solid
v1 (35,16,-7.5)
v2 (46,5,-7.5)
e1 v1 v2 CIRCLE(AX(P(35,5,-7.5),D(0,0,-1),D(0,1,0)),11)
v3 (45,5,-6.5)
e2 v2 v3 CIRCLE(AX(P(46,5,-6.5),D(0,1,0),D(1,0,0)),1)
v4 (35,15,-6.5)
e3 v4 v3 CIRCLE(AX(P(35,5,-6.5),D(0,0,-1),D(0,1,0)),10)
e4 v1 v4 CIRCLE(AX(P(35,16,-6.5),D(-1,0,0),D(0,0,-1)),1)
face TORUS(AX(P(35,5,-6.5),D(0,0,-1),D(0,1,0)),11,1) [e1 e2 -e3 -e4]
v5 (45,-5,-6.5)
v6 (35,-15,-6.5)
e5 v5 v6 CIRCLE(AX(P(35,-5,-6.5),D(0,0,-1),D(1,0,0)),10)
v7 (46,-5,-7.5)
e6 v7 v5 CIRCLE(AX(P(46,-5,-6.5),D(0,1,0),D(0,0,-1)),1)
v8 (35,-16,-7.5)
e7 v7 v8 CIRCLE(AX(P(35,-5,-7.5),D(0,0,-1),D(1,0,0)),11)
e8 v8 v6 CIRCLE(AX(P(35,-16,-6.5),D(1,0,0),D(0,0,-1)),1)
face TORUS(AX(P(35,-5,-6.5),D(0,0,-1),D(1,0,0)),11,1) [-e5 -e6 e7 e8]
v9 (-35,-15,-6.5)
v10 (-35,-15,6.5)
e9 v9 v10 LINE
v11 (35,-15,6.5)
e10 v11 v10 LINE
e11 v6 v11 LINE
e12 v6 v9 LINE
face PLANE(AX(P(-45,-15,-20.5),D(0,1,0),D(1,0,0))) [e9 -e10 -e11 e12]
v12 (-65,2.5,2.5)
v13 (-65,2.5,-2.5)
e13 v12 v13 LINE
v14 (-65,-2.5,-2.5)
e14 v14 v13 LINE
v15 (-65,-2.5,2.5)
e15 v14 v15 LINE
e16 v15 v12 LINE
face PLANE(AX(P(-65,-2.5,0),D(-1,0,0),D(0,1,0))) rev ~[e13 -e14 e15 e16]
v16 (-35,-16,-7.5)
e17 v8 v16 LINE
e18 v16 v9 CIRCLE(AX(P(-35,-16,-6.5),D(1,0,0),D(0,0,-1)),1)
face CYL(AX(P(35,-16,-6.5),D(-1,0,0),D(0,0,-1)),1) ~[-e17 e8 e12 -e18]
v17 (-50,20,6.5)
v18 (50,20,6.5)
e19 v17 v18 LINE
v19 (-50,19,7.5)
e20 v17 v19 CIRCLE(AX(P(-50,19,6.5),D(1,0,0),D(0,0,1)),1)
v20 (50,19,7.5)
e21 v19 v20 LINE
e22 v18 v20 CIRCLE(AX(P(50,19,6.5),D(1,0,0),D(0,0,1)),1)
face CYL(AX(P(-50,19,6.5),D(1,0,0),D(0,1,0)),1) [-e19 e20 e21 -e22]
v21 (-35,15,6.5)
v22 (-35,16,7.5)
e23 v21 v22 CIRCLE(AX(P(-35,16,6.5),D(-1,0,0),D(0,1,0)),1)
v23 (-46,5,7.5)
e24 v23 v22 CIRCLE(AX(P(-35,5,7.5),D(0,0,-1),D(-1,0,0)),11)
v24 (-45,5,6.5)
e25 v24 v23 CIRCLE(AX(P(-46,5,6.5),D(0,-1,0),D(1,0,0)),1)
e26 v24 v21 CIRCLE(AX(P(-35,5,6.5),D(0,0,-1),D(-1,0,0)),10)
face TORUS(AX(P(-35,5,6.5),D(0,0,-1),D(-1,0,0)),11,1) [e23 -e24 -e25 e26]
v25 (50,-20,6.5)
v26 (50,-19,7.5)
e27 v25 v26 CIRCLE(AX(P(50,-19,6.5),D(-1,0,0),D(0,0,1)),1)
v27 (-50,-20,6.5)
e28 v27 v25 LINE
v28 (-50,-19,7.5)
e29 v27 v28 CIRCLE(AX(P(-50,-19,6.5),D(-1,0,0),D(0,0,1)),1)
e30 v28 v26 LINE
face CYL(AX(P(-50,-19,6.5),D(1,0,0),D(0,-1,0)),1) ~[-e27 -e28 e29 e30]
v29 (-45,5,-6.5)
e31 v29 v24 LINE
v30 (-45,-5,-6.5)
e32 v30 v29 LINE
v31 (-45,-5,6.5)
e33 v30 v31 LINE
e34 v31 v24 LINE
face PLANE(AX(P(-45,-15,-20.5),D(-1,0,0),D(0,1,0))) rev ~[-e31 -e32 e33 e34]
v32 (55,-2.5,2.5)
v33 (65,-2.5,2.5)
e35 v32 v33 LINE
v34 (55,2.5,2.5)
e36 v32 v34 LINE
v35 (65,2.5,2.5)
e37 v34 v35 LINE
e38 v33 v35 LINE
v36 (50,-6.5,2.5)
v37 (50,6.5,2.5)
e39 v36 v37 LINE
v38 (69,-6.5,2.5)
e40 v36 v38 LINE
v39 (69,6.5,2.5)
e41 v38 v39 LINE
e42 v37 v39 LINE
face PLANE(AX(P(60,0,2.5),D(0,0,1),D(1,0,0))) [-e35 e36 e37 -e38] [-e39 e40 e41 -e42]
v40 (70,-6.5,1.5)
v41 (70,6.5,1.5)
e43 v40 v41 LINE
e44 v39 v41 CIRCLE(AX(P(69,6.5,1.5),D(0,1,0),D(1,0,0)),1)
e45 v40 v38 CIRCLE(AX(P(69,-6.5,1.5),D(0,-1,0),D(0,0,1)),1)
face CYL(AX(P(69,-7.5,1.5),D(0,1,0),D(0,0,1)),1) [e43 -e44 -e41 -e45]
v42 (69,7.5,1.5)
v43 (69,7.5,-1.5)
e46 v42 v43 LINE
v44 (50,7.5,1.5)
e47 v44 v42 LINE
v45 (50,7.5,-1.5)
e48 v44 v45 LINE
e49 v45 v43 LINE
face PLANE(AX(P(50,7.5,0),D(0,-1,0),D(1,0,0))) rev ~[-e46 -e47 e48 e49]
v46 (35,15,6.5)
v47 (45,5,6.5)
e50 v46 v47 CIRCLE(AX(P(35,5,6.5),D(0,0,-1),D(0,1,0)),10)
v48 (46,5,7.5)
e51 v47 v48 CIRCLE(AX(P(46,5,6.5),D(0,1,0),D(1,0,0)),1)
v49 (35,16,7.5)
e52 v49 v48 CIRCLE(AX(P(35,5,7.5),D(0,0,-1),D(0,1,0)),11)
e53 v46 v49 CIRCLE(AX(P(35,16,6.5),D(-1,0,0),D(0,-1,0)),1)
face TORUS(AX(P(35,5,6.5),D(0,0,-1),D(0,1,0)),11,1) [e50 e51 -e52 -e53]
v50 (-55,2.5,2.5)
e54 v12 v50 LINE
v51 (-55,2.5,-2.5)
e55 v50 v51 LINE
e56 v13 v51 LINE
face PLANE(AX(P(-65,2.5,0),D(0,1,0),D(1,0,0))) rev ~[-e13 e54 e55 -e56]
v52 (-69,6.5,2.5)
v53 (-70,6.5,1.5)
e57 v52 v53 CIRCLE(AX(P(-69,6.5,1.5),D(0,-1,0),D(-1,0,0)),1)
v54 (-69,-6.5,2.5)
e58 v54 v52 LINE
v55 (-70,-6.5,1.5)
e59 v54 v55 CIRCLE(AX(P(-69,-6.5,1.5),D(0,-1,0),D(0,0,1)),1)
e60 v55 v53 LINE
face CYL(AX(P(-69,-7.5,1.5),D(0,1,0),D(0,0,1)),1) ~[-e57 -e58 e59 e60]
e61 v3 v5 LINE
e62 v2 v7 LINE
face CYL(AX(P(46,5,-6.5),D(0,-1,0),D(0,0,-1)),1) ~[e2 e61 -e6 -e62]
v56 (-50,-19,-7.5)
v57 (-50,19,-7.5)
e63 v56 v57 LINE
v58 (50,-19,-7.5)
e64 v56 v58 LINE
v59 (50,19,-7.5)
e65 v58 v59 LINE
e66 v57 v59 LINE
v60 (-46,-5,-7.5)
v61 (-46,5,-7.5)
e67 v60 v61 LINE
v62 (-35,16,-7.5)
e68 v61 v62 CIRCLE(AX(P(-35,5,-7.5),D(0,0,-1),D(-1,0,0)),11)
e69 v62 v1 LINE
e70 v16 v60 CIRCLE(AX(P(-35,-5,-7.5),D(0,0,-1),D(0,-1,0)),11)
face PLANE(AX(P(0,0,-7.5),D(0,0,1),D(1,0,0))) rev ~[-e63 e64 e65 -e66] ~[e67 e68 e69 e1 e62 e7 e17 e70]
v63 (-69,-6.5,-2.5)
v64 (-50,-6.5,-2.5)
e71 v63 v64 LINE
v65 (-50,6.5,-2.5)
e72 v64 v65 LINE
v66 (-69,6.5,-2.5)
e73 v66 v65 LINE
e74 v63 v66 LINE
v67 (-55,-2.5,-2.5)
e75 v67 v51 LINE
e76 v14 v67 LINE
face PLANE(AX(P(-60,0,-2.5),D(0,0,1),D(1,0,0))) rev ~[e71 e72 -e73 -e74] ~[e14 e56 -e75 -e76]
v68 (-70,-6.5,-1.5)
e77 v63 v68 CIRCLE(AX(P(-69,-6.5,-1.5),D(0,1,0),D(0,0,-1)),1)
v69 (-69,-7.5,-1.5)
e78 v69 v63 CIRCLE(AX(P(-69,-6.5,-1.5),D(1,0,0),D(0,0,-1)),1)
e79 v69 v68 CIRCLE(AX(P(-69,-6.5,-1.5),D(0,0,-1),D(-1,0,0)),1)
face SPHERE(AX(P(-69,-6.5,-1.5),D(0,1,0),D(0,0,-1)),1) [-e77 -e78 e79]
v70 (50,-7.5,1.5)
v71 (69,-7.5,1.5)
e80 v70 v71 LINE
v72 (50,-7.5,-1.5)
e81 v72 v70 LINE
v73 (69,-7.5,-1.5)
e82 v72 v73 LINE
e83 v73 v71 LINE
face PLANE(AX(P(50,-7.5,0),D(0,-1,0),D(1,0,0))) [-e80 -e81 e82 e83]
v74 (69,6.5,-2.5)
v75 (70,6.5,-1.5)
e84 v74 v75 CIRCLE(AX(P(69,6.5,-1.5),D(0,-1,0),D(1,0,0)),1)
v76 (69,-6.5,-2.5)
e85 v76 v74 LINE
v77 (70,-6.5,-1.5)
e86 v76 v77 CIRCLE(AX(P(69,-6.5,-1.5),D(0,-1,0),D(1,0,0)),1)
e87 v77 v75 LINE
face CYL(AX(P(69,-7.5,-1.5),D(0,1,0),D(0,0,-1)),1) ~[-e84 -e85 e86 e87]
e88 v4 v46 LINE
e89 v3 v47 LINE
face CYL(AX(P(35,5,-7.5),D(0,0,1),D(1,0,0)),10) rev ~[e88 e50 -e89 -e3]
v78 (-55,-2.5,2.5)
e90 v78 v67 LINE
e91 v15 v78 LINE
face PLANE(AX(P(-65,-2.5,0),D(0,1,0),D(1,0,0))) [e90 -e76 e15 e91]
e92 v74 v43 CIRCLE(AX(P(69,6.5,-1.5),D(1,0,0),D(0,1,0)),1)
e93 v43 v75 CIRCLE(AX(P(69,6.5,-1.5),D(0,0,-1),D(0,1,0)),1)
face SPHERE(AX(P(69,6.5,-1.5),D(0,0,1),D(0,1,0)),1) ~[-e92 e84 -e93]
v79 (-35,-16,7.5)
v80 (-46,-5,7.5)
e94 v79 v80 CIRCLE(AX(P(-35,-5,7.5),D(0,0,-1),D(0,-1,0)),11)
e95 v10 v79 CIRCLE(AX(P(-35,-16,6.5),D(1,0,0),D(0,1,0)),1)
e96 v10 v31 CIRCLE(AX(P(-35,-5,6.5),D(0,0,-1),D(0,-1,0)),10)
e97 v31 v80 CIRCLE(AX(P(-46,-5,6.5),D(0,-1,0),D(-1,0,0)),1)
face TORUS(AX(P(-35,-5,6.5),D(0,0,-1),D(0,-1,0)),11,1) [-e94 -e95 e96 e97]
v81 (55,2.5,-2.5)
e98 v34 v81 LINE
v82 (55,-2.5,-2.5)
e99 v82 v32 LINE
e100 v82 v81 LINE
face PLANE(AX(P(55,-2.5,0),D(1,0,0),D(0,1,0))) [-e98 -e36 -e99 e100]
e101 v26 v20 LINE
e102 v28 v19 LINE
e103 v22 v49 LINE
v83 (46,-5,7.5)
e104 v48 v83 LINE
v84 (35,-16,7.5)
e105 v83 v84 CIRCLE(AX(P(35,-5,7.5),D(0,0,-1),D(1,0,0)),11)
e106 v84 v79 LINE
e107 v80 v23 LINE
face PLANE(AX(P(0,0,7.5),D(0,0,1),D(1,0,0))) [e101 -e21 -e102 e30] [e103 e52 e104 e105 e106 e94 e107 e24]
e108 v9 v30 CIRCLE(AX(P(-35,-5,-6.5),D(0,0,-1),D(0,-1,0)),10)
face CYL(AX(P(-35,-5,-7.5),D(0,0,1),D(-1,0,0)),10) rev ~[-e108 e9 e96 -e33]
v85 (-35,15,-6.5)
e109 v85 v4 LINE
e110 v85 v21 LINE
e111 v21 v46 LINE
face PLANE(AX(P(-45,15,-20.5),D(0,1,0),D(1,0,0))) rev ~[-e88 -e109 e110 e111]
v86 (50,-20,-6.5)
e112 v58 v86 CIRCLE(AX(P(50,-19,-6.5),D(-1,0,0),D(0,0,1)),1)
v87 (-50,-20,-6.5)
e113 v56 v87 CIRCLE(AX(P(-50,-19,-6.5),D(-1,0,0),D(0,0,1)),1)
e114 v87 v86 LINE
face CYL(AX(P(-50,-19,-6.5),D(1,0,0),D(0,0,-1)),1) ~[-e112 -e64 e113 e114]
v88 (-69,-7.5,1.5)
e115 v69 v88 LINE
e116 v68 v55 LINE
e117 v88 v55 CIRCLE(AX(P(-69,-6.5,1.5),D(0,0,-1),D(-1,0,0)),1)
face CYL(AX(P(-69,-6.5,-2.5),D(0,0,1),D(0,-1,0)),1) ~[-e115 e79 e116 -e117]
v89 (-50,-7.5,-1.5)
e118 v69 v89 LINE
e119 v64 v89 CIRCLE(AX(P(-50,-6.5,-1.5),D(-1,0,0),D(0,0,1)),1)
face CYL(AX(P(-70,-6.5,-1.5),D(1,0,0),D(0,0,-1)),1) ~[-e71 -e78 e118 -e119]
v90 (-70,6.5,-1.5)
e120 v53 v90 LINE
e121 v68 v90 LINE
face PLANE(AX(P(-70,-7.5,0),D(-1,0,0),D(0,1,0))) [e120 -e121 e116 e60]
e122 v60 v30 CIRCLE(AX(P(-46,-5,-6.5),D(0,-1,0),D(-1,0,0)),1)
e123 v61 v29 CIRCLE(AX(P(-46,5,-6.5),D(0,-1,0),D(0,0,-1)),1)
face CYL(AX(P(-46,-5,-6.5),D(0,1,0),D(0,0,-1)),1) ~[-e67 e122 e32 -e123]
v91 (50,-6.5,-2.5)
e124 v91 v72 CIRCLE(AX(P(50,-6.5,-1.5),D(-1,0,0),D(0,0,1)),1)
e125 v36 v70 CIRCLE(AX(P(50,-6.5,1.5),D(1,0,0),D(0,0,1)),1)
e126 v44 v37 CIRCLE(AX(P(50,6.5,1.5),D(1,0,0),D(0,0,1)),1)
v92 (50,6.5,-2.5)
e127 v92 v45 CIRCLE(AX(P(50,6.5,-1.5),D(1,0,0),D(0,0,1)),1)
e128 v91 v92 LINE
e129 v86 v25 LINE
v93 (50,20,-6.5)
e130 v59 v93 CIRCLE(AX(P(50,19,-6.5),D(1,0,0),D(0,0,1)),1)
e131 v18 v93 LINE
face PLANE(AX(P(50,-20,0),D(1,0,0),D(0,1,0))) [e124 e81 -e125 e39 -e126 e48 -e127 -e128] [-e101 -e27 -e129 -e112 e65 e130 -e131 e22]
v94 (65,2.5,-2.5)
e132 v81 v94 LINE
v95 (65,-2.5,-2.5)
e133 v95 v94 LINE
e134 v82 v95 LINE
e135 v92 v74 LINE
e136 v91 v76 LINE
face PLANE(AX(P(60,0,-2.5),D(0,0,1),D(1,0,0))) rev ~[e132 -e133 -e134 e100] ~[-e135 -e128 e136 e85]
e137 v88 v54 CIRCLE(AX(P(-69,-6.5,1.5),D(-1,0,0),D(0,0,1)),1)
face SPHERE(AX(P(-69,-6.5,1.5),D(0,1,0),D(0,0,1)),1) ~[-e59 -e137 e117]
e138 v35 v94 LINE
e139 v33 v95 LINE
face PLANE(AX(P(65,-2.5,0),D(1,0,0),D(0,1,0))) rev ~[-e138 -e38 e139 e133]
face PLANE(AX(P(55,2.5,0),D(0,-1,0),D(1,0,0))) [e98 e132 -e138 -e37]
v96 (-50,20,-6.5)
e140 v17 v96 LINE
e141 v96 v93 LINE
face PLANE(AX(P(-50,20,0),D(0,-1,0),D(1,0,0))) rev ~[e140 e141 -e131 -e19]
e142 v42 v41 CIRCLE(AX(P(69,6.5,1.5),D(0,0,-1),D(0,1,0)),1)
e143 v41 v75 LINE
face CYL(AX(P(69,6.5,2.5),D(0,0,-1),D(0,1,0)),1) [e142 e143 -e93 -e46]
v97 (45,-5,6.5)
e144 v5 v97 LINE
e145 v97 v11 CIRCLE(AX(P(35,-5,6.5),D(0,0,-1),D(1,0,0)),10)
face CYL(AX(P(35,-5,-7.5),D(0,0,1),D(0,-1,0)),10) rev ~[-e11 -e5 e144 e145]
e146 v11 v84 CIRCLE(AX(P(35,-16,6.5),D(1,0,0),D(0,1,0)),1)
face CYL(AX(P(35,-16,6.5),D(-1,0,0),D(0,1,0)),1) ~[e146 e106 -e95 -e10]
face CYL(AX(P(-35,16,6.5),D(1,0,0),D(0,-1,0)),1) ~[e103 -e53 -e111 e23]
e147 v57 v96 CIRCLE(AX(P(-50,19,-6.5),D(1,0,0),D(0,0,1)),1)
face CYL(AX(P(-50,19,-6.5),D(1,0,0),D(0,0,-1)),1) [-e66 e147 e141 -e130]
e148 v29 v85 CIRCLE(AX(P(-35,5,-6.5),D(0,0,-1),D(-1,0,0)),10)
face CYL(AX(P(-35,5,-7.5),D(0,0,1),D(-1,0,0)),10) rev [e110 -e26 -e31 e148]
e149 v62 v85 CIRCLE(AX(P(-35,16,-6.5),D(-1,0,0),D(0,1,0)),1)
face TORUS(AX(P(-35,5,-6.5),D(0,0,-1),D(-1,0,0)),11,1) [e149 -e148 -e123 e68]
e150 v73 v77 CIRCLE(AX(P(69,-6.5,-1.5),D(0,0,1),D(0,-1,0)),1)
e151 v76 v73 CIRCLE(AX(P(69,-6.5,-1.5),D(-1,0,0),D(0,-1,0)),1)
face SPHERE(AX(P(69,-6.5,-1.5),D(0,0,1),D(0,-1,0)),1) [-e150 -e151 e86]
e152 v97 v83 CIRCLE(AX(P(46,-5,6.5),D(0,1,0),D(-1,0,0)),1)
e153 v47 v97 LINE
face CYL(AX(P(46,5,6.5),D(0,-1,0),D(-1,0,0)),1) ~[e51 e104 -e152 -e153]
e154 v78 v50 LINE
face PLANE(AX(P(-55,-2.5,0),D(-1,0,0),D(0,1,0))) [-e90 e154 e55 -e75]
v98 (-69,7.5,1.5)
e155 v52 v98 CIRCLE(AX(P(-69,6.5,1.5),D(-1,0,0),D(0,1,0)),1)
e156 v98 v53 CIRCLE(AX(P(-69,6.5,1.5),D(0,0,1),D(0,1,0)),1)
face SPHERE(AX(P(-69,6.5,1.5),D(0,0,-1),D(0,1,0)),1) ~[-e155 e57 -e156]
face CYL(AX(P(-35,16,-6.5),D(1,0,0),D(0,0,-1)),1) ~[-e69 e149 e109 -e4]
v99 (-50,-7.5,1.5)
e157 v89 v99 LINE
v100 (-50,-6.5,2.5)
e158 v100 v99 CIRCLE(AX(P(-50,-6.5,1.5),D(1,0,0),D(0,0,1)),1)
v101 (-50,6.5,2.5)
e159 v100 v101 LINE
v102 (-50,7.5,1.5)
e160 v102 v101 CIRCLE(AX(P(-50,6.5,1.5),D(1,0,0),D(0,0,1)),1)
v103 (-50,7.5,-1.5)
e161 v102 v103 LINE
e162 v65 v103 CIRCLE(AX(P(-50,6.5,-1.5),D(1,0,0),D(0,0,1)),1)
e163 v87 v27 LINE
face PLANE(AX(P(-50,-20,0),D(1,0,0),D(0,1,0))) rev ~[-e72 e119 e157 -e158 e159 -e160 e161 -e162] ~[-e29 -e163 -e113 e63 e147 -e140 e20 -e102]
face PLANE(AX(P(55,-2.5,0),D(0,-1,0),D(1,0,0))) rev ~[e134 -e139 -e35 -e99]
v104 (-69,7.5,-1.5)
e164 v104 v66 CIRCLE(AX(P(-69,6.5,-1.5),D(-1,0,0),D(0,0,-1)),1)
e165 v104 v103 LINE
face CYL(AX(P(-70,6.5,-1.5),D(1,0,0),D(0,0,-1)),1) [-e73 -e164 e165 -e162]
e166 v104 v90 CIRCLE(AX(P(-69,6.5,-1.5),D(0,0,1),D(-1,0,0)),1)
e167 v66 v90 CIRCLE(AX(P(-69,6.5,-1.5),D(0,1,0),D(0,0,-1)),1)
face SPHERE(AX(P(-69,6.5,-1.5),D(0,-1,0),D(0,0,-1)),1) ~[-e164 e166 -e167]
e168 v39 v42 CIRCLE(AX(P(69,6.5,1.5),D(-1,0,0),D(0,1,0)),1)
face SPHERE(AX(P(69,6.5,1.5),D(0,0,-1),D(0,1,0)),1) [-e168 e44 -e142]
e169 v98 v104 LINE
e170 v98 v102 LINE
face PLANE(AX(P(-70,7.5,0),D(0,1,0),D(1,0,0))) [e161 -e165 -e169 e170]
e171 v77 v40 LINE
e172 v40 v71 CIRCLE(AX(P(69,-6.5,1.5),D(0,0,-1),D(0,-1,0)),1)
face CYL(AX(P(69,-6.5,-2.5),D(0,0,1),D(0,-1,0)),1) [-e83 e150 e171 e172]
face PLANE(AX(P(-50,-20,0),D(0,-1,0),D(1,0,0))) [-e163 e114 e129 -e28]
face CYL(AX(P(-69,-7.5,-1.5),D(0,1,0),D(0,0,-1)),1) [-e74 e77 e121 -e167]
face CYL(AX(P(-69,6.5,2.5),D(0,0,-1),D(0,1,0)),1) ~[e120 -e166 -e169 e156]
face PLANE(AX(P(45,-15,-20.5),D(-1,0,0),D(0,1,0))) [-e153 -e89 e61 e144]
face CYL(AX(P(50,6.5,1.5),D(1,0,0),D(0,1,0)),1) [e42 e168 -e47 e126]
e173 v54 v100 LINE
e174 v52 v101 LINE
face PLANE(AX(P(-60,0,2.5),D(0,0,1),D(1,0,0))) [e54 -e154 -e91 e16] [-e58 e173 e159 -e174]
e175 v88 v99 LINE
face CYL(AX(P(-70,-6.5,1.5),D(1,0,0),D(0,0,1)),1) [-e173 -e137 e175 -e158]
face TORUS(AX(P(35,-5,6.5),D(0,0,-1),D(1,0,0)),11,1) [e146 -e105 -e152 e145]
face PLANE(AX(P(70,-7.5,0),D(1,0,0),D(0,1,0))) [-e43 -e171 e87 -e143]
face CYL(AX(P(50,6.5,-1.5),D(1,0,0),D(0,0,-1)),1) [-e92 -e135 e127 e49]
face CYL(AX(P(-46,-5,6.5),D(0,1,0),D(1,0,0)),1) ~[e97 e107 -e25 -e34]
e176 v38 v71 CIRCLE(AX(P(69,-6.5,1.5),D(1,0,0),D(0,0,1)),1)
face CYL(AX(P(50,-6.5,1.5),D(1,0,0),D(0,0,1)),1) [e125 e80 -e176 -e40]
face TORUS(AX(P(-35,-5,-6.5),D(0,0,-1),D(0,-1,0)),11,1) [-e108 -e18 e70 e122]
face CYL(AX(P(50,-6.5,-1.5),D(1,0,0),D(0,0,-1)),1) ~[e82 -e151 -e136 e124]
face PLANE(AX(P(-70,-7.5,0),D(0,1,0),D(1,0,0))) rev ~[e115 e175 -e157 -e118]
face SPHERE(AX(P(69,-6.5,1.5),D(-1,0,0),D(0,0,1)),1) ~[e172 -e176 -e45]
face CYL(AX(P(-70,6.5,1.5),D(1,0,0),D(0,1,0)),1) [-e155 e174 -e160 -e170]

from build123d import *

# Parameters (mm, degrees)
SKETCH001_W      = 20
SKETCH001_H      = 15
SKETCH001_W_2    = 10
SKETCH001_H_2    = 5
EXTRUDE001_DEPTH = 2.5
SKETCH002_W      = 90
SKETCH002_H      = 30
EXTRUDE002_DEPTH = 40
SKETCH_W         = 100
SKETCH_H         = 40
EXTRUDE_DEPTH    = 7.5
FILLET_R         = 10
FILLET001_R      = 1
FILLET002_R      = 1
FILLET003_R      = 1
FILLET004_R      = 1


with BuildPart() as extrude001:
    # Sketch001 (on Sketch) → Extrude001 (new body, symmetric)
    with BuildSketch(Plane.XY):
        with Locations((-60, 0)):
            Rectangle(SKETCH001_W, SKETCH001_H)
        with Locations((-60, 0)):
            Rectangle(SKETCH001_W_2, SKETCH001_H_2, mode=Mode.SUBTRACT)
        with Locations((60, 0)):
            Rectangle(SKETCH001_W, SKETCH001_H)
        with Locations((60, 0)):
            Rectangle(SKETCH001_W_2, SKETCH001_H_2, mode=Mode.SUBTRACT)
    extrude(amount=EXTRUDE001_DEPTH, both=True)


with BuildPart() as extrude002:
    # Sketch002 (on Face6 of Extrude) → Extrude002 (new body)
    with BuildSketch(Plane.XY.offset(7.5)):
        Rectangle(SKETCH002_W, SKETCH002_H)
    extrude(amount=EXTRUDE002_DEPTH)


with BuildPart() as extrude002_1:
    # Extrude002 placement: moved
    add(extrude002.part.moved(Location((0, 0, -28))))


with BuildPart() as fillet004:
    # Sketch → Extrude (new body, symmetric)
    with BuildSketch(Plane.XY):
        Rectangle(SKETCH_W, SKETCH_H)
    extrude(amount=EXTRUDE_DEPTH, both=True)

    # Cut: cut Extrude002
    add(extrude002_1.part, mode=Mode.SUBTRACT)

    # Fillet
    fillet_edges = [fillet004.edges().sort_by_distance(p)[0] for p in [
        (45, -15, 0),
        (-45, -15, 0),
        (45, 15, 0),
        (-45, 15, 0),
    ]]
    fillet(fillet_edges, radius=FILLET_R)

    # Fusion: union Extrude001
    add(extrude001.part)

    # Fillet001
    fillet001_edges = [fillet004.edges().sort_by_distance(p)[0] for p in [
        (0, -20, -7.5),
        (0, 20, -7.5),
        (0, -20, 7.5),
        (0, 20, 7.5),
    ]]
    fillet(fillet001_edges, radius=FILLET001_R)

    # Fillet002
    fillet002_edges = [fillet004.edges().sort_by_distance(p)[0] for p in [
        (0, -15, -7.5),
        (42.071068, -12.071068, -7.5),
        (-42.071068, -12.071068, -7.5),
        (45, 0, -7.5),
        (-45, 0, -7.5),
        (42.071068, 12.071068, -7.5),
        (-42.071068, 12.071068, -7.5),
        (0, 15, -7.5),
        (0, -15, 7.5),
        (42.071068, -12.071068, 7.5),
        (-42.071068, -12.071068, 7.5),
        (45, 0, 7.5),
        (-45, 0, 7.5),
        (42.071068, 12.071068, 7.5),
        (-42.071068, 12.071068, 7.5),
        (0, 15, 7.5),
    ]]
    fillet(fillet002_edges, radius=FILLET002_R)

    # Fillet003
    fillet003_edges = [fillet004.edges().sort_by_distance(p)[0] for p in [
        (70, 7.5, 0),
        (60, 7.5, -2.5),
        (60, 7.5, 2.5),
        (60, -7.5, 2.5),
        (70, 0, 2.5),
        (70, -7.5, 0),
        (60, -7.5, -2.5),
        (70, 0, -2.5),
    ]]
    fillet(fillet003_edges, radius=FILLET003_R)

    # Fillet004
    fillet004_edges = [fillet004.edges().sort_by_distance(p)[0] for p in [
        (-70, 0, -2.5),
        (-60, -7.5, -2.5),
        (-60, 7.5, -2.5),
        (-70, 7.5, 0),
        (-60, 7.5, 2.5),
        (-70, 0, 2.5),
        (-60, -7.5, 2.5),
        (-70, -7.5, 0),
    ]]
    fillet(fillet004_edges, radius=FILLET004_R)


solid = fillet004.part
